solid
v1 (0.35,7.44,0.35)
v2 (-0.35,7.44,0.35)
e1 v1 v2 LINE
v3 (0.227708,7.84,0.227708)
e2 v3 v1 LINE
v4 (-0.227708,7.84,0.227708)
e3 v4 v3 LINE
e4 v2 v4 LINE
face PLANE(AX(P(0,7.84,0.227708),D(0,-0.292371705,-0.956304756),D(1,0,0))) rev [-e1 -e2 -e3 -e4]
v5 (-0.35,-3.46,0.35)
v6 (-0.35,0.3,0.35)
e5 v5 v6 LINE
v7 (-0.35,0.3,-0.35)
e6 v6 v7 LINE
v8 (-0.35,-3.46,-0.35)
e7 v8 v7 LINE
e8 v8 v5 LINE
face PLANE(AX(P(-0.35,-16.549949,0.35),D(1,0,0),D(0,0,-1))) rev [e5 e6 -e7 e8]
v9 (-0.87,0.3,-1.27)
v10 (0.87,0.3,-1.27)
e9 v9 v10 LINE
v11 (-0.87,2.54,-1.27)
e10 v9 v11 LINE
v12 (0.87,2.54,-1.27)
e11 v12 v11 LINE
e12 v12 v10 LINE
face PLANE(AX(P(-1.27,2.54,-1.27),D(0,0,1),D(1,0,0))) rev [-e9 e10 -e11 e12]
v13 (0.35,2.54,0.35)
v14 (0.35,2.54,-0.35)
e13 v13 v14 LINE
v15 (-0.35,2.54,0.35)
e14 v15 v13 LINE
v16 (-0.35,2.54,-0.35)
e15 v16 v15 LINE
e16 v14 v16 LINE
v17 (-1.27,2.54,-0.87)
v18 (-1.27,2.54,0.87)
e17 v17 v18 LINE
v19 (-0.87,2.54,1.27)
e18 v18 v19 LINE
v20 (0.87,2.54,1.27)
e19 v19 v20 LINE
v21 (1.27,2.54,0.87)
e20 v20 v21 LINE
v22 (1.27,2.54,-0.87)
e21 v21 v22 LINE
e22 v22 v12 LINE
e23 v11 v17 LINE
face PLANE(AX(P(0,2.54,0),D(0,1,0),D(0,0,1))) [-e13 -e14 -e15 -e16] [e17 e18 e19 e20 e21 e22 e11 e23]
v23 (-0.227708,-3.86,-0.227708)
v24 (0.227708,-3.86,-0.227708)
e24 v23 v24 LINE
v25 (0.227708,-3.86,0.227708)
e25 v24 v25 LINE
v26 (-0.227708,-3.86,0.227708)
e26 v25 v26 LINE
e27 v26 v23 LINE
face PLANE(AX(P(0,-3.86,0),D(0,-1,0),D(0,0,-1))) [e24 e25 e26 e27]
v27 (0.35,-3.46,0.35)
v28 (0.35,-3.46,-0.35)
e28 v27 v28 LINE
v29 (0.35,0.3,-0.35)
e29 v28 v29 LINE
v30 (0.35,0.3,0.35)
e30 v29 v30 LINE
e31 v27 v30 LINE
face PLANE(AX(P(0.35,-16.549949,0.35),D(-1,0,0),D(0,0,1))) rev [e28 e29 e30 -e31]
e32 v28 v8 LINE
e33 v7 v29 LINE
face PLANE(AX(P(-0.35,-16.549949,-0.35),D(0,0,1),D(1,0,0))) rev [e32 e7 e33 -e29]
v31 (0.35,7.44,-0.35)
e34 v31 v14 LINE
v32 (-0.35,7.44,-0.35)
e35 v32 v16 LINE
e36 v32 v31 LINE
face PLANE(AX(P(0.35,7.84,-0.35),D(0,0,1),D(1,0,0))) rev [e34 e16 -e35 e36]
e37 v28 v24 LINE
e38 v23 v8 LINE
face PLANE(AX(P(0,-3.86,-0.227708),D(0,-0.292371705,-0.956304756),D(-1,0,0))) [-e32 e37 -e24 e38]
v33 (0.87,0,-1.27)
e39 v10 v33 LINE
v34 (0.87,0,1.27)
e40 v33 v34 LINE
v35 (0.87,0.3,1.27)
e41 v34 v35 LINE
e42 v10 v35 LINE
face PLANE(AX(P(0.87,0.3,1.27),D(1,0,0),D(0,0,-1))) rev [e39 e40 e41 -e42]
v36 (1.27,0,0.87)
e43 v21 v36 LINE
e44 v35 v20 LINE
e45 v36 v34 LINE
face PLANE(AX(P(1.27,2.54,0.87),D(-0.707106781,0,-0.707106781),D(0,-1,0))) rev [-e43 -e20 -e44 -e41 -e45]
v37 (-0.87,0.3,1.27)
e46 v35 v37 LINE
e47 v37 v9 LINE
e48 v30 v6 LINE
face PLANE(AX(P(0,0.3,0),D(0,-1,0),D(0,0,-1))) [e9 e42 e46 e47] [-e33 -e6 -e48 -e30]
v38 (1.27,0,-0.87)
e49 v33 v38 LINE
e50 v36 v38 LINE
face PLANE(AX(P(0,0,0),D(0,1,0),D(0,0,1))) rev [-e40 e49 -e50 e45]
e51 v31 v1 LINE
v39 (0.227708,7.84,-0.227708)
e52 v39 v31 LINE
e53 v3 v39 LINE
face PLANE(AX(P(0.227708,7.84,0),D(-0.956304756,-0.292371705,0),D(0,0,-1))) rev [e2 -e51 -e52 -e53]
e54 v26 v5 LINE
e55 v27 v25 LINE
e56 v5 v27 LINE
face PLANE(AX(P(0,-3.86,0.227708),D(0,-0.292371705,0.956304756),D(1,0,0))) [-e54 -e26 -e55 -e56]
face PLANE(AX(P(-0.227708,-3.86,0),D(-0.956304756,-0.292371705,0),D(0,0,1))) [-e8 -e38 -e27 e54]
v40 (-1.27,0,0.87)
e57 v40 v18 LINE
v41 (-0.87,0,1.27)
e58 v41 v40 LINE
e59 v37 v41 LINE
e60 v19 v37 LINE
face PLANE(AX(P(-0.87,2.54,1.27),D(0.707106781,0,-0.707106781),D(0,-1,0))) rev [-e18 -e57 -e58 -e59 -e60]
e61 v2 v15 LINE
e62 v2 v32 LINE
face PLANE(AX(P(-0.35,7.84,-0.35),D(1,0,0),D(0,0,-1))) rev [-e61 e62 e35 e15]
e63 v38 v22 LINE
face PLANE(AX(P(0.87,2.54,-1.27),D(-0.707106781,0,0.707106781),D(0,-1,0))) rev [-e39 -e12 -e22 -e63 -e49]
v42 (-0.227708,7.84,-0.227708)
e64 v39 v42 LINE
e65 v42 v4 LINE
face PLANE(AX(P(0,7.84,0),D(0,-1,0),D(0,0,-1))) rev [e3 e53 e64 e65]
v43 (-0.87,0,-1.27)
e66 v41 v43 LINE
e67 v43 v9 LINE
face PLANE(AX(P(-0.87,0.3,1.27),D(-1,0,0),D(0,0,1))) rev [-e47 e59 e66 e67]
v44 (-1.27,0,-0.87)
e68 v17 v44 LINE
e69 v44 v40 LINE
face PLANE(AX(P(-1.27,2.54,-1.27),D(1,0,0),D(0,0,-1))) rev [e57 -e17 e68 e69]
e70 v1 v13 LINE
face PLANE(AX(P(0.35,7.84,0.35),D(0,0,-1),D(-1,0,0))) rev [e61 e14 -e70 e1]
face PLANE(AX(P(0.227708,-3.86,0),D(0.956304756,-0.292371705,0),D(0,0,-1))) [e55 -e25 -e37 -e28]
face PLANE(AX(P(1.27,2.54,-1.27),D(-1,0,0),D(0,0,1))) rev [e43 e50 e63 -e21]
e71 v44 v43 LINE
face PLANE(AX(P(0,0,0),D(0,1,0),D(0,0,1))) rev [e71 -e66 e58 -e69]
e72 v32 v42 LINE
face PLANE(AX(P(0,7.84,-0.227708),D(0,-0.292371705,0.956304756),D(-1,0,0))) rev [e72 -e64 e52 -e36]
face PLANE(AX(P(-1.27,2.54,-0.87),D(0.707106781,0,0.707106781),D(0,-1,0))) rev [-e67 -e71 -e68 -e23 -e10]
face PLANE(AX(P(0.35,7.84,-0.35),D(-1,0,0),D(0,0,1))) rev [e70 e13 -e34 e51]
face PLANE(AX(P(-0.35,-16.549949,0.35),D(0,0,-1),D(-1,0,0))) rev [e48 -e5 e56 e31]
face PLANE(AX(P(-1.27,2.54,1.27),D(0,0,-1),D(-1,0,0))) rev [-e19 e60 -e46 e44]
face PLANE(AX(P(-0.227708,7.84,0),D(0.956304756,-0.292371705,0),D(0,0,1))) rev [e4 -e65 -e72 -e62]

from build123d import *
from OCP.BRepFilletAPI import BRepFilletAPI_MakeChamfer

# Parameters (mm, degrees)
SKETCH1_W           = 2.54
SKETCH1_H           = 2.54
BOSS_EXTRUDE1_DEPTH = 2.54
CHAMFER1_SIZE       = 0.4
SKETCH2_W           = 1.74
SKETCH2_H           = 2.54
CUT_EXTRUDE1_DEPTH  = 0.3
SKETCH3_W           = 0.7
SKETCH3_H           = 0.7
BOSS_EXTRUDE2_DEPTH = 5.3
SKETCH4_W           = 0.7
SKETCH4_H           = 0.7
BOSS_EXTRUDE3_DEPTH = 4.16
CHAMFER2_SIZE       = 0.4
CHAMFER2_SIZE2      = 0.122292273


with BuildPart() as part:
    # Sketch1 → Boss-Extrude1 (new body)
    with BuildSketch(Plane(origin=(0, 0, 0), x_dir=(1, 0, 0), z_dir=(0, 1, 0))):
        Rectangle(SKETCH1_W, SKETCH1_H)
    extrude(amount=BOSS_EXTRUDE1_DEPTH)

    # Chamfer1
    chamfer1_edges = [part.edges().sort_by_distance(p)[0] for p in [
        (1.27, 1.27, 1.27),
        (-1.27, 1.27, 1.27),
        (-1.27, 1.27, -1.27),
        (1.27, 1.27, -1.27),
    ]]
    chamfer(chamfer1_edges, length=CHAMFER1_SIZE)

    # Sketch2 → Cut-Extrude1 (cut)
    with BuildSketch(Plane.XZ):
        Rectangle(SKETCH2_W, SKETCH2_H)
    extrude(amount=-CUT_EXTRUDE1_DEPTH, mode=Mode.SUBTRACT)

    # Sketch3 → Boss-Extrude2 (add)
    with BuildSketch(Plane(origin=(0, 2.54, 0), x_dir=(1, 0, 0), z_dir=(0, 1, 0))):
        Rectangle(SKETCH3_W, SKETCH3_H)
    extrude(amount=BOSS_EXTRUDE2_DEPTH)

    # Sketch4 → Boss-Extrude3 (add)
    with BuildSketch(Plane.XZ.offset(-0.3)):
        Rectangle(SKETCH4_W, SKETCH4_H)
    extrude(amount=BOSS_EXTRUDE3_DEPTH)

    # Chamfer2: one chamfer whose edges measure the first distance from different faces: ONE call of the kernel's chamfer builder (chamfer() names one face for all edges)
    chamfer2_edges_1 = [part.edges().sort_by_distance(p)[0] for p in [
        (-0.35, 7.84, 0),
    ]]
    chamfer2_side_1 = [part.faces().sort_by_distance(p)[0] for p in [
        (-0.35, 5.19, 0),
    ]]
    chamfer2_edges_2 = [part.edges().sort_by_distance(p)[0] for p in [
        (0, 7.84, 0.35),
    ]]
    chamfer2_side_2 = [part.faces().sort_by_distance(p)[0] for p in [
        (0, 5.19, 0.35),
    ]]
    chamfer2_edges_3 = [part.edges().sort_by_distance(p)[0] for p in [
        (0.35, 7.84, 0),
    ]]
    chamfer2_side_3 = [part.faces().sort_by_distance(p)[0] for p in [
        (0.35, 5.19, 0),
    ]]
    chamfer2_edges_4 = [part.edges().sort_by_distance(p)[0] for p in [
        (0, 7.84, -0.35),
    ]]
    chamfer2_side_4 = [part.faces().sort_by_distance(p)[0] for p in [
        (0, 5.19, -0.35),
    ]]
    chamfer2_edges_5 = [part.edges().sort_by_distance(p)[0] for p in [
        (0, -3.86, -0.35),
    ]]
    chamfer2_side_5 = [part.faces().sort_by_distance(p)[0] for p in [
        (0, -1.78, -0.35),
    ]]
    chamfer2_edges_6 = [part.edges().sort_by_distance(p)[0] for p in [
        (0.35, -3.86, 0),
    ]]
    chamfer2_side_6 = [part.faces().sort_by_distance(p)[0] for p in [
        (0.35, -1.78, 0),
    ]]
    chamfer2_edges_7 = [part.edges().sort_by_distance(p)[0] for p in [
        (0, -3.86, 0.35),
    ]]
    chamfer2_side_7 = [part.faces().sort_by_distance(p)[0] for p in [
        (0, -1.78, 0.35),
    ]]
    chamfer2_edges_8 = [part.edges().sort_by_distance(p)[0] for p in [
        (-0.35, -3.86, 0),
    ]]
    chamfer2_side_8 = [part.faces().sort_by_distance(p)[0] for p in [
        (-0.35, -1.78, 0),
    ]]
    chamfer2 = BRepFilletAPI_MakeChamfer(part.part.solid().wrapped)
    for e in chamfer2_edges_1:
        chamfer2.Add(CHAMFER2_SIZE, CHAMFER2_SIZE2, e.wrapped, chamfer2_side_1[0].wrapped)  # the first distance lies on this face
    for e in chamfer2_edges_2:
        chamfer2.Add(CHAMFER2_SIZE, CHAMFER2_SIZE2, e.wrapped, chamfer2_side_2[0].wrapped)  # the first distance lies on this face
    for e in chamfer2_edges_3:
        chamfer2.Add(CHAMFER2_SIZE, CHAMFER2_SIZE2, e.wrapped, chamfer2_side_3[0].wrapped)  # the first distance lies on this face
    for e in chamfer2_edges_4:
        chamfer2.Add(CHAMFER2_SIZE, CHAMFER2_SIZE2, e.wrapped, chamfer2_side_4[0].wrapped)  # the first distance lies on this face
    for e in chamfer2_edges_5:
        chamfer2.Add(CHAMFER2_SIZE, CHAMFER2_SIZE2, e.wrapped, chamfer2_side_5[0].wrapped)  # the first distance lies on this face
    for e in chamfer2_edges_6:
        chamfer2.Add(CHAMFER2_SIZE, CHAMFER2_SIZE2, e.wrapped, chamfer2_side_6[0].wrapped)  # the first distance lies on this face
    for e in chamfer2_edges_7:
        chamfer2.Add(CHAMFER2_SIZE, CHAMFER2_SIZE2, e.wrapped, chamfer2_side_7[0].wrapped)  # the first distance lies on this face
    for e in chamfer2_edges_8:
        chamfer2.Add(CHAMFER2_SIZE, CHAMFER2_SIZE2, e.wrapped, chamfer2_side_8[0].wrapped)  # the first distance lies on this face
    add(Compound.cast(chamfer2.Shape()), mode=Mode.REPLACE)


solid = part.part
